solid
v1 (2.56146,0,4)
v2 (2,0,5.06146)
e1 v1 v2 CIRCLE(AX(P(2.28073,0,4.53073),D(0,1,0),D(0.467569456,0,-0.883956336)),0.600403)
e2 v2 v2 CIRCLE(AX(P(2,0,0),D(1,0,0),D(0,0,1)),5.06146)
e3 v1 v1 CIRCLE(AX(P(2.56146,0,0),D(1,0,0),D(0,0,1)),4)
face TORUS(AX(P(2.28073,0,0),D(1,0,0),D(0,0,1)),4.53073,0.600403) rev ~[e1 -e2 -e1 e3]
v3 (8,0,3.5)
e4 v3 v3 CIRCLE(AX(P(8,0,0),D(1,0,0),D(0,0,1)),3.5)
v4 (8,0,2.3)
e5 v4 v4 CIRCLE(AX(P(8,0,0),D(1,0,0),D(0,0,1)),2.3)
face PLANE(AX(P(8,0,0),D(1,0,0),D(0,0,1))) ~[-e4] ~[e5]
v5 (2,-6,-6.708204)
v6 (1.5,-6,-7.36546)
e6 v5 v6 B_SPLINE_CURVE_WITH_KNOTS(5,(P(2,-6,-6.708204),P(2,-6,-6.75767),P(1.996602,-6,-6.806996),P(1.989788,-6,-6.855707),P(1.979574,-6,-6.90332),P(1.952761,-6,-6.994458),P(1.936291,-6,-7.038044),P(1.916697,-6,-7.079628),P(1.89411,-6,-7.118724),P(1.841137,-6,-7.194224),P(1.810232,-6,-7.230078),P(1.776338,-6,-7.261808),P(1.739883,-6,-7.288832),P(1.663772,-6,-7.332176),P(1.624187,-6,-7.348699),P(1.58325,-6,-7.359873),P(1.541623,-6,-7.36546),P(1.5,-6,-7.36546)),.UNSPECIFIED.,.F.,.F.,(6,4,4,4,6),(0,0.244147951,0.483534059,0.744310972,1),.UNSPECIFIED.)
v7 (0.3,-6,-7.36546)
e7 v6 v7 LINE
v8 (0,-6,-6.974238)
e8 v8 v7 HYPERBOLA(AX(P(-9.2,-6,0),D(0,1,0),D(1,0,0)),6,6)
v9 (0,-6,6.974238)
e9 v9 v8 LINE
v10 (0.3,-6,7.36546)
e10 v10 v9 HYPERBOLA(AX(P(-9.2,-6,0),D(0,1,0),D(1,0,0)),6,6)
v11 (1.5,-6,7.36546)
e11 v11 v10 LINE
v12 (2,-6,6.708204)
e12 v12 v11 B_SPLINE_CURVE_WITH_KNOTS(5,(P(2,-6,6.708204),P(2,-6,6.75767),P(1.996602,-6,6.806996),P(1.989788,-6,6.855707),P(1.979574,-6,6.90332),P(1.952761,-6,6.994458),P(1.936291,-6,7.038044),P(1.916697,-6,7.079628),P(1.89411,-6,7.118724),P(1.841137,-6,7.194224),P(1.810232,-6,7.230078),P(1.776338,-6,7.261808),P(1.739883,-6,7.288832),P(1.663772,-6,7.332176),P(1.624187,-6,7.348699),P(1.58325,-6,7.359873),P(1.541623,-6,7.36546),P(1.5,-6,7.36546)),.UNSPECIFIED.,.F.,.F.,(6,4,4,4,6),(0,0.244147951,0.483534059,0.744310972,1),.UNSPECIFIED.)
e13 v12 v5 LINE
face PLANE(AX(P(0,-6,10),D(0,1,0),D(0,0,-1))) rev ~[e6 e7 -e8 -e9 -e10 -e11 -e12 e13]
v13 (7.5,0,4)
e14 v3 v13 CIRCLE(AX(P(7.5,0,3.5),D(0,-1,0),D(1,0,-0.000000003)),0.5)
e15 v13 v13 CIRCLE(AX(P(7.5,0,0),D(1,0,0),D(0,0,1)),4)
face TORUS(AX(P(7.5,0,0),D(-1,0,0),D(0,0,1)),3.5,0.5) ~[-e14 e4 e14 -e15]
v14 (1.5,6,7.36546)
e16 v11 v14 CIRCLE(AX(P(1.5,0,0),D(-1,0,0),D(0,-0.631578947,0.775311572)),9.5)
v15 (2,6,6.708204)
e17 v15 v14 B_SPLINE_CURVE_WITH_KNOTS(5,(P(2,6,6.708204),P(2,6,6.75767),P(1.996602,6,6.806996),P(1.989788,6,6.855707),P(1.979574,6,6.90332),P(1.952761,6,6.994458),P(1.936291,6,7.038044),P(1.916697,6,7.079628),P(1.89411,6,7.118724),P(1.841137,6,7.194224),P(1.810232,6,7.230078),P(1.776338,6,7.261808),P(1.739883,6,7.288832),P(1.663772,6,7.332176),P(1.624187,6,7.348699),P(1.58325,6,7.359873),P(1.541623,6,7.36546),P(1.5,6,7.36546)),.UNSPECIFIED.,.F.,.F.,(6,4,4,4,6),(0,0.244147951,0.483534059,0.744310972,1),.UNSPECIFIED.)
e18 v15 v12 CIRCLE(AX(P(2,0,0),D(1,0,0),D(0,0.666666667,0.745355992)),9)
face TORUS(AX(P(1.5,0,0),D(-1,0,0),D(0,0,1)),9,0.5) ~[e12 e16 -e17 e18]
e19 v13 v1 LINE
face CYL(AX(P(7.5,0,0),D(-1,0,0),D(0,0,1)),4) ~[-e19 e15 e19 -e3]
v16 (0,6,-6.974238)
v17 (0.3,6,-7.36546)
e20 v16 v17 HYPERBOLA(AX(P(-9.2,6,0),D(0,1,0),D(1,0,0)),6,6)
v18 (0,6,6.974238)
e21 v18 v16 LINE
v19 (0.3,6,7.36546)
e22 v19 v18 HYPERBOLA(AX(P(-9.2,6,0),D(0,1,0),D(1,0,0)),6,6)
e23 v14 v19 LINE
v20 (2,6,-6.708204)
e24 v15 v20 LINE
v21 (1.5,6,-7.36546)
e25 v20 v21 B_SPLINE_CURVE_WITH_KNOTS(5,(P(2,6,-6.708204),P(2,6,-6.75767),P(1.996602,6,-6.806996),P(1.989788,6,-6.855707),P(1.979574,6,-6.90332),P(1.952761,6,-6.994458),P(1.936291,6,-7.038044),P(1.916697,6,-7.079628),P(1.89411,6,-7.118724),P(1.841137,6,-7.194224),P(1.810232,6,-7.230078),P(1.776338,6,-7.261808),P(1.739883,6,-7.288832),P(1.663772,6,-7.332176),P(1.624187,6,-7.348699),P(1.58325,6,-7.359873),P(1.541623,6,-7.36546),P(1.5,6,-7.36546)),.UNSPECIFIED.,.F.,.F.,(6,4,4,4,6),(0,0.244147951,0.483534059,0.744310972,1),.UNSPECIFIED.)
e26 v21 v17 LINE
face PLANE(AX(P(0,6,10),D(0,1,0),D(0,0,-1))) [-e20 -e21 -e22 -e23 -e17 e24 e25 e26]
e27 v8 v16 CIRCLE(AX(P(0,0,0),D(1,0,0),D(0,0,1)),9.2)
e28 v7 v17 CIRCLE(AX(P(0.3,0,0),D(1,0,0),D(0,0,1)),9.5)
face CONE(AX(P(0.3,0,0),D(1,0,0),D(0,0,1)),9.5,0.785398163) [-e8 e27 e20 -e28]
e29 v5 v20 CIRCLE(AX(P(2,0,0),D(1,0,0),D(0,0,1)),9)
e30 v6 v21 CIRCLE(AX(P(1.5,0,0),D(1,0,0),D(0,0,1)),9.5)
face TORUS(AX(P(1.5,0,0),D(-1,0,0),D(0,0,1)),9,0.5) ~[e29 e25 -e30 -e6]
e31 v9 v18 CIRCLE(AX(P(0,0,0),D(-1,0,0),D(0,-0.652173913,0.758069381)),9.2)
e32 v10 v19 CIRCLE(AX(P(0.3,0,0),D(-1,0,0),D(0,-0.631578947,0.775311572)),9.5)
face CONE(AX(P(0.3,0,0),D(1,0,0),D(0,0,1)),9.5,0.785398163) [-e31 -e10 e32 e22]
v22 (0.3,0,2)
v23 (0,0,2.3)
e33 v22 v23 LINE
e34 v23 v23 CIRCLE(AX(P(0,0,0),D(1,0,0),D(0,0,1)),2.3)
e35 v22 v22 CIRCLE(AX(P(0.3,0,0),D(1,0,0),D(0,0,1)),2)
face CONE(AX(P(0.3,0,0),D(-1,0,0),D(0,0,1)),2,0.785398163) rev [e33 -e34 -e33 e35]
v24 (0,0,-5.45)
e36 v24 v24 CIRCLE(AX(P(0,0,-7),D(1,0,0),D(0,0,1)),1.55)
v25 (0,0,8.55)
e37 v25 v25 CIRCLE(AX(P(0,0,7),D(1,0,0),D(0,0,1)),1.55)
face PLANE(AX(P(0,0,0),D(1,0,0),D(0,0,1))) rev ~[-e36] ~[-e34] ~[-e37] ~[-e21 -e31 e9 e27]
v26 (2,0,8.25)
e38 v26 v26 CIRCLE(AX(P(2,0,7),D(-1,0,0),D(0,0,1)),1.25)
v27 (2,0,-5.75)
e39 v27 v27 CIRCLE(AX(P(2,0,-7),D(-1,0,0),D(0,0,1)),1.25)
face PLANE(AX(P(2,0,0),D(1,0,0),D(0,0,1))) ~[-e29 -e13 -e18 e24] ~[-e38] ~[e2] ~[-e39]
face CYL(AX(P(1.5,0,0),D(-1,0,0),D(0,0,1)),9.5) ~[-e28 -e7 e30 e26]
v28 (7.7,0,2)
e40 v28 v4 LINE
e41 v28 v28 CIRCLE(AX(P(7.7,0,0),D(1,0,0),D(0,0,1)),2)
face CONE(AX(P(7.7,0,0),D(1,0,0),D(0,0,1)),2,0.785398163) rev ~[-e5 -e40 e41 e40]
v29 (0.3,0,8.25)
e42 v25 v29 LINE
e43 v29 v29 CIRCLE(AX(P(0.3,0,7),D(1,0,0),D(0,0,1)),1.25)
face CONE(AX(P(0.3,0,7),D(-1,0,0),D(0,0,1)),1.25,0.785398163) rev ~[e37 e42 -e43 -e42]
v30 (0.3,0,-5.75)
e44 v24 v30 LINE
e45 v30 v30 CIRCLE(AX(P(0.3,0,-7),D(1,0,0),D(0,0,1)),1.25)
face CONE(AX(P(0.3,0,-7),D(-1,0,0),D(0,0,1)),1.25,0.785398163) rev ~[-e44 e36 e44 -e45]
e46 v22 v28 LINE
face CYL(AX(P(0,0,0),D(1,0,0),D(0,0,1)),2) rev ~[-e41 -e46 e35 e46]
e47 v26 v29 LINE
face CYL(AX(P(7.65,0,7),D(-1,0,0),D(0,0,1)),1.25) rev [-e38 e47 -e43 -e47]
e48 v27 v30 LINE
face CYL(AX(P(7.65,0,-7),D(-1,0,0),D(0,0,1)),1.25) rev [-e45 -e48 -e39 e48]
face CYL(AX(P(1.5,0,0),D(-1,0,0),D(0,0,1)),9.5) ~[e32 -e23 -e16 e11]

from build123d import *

# Parameters (mm, degrees)
TROU_TARAUD_M3X0_51_AT_2_COUNT = 2
TROU_TARAUD_M3X0_51_AT_2_PITCH = 14
CHANFREIN1_SIZE                = 0.3
ESQUISSE7_W                    = 26.326678726
ESQUISSE7_H                    = 21.946612952
ESQUISSE7_W_2                  = 20
ESQUISSE7_H_2                  = 12
ENL_V_MAT_EXTRU_2_DEPTH        = 10


with BuildPart() as part:
    # Esquisse1 → Révolution1 (revolve)
    with BuildSketch(Plane.XY, mode=Mode.PRIVATE) as r_volution1_sk:
        with BuildLine():
            Line((0, 2), (8, 2))
            Line((8, 2), (8, 3.5))
            ThreePointArc((8, 3.5), (7.853553391, 3.853553391), (7.5, 4))
            Line((7.5, 4), (2.561460361, 4))
            ThreePointArc((2.561460361, 4), (1.75, 4.25), (2, 5.061460361))
            Line((2, 5.061460361), (2, 9))
            ThreePointArc((2, 9), (1.853553391, 9.353553391), (1.5, 9.5))
            Line((1.5, 9.5), (0, 9.5))
            Line((0, 9.5), (0, 2))
        make_face()
    revolve(r_volution1_sk.sketch.rotate(Axis((0, 0, 0), (1, 0, 0)), 90), axis=Axis((0, 0, 0), (1, 0, 0)))

    # Esquisse2 → Trou taraudé M3x0.51 (revolve, cut)
    with BuildSketch(Plane(origin=(0, 0, -7), x_dir=(0, 0, 1), z_dir=(0, 1, 0))):
        Polygon((0, 0), (0, 8), (1.6, 8), (1.25, 7.65), (1.25, 0), align=None)
    trou_taraud_m3x0_51 = revolve(axis=Axis((-6.35, 0, -7), (1, 0, 0)), mode=Mode.SUBTRACT)

    # Trou taraudé M3x0.51 at 2: Trou taraudé M3x0.51 ×2
    with Locations(*[(0, 0, i * TROU_TARAUD_M3X0_51_AT_2_PITCH) for i in range(1, TROU_TARAUD_M3X0_51_AT_2_COUNT)]):
        add(trou_taraud_m3x0_51, mode=Mode.SUBTRACT)

    # Chanfrein1
    chanfrein1_edges = [part.edges().sort_by_distance(p)[0] for p in [
        (0, 0, -2),
        (0, 0, 5.75),
        (0, 0, -8.25),
        (0, 0, -9.5),
        (8, 0, -2),
    ]]
    chamfer(chanfrein1_edges, length=CHANFREIN1_SIZE)

    # Esquisse7 → Enlèv. mat.-Extru.2 (cut)
    with BuildSketch(Plane(origin=(0, 0, 0), x_dir=(0, 0, -1), z_dir=(1, 0, 0))):
        Rectangle(ESQUISSE7_W, ESQUISSE7_H)
        Rectangle(ESQUISSE7_W_2, ESQUISSE7_H_2, mode=Mode.SUBTRACT)
    extrude(amount=ENL_V_MAT_EXTRU_2_DEPTH, mode=Mode.SUBTRACT)


solid = part.part
